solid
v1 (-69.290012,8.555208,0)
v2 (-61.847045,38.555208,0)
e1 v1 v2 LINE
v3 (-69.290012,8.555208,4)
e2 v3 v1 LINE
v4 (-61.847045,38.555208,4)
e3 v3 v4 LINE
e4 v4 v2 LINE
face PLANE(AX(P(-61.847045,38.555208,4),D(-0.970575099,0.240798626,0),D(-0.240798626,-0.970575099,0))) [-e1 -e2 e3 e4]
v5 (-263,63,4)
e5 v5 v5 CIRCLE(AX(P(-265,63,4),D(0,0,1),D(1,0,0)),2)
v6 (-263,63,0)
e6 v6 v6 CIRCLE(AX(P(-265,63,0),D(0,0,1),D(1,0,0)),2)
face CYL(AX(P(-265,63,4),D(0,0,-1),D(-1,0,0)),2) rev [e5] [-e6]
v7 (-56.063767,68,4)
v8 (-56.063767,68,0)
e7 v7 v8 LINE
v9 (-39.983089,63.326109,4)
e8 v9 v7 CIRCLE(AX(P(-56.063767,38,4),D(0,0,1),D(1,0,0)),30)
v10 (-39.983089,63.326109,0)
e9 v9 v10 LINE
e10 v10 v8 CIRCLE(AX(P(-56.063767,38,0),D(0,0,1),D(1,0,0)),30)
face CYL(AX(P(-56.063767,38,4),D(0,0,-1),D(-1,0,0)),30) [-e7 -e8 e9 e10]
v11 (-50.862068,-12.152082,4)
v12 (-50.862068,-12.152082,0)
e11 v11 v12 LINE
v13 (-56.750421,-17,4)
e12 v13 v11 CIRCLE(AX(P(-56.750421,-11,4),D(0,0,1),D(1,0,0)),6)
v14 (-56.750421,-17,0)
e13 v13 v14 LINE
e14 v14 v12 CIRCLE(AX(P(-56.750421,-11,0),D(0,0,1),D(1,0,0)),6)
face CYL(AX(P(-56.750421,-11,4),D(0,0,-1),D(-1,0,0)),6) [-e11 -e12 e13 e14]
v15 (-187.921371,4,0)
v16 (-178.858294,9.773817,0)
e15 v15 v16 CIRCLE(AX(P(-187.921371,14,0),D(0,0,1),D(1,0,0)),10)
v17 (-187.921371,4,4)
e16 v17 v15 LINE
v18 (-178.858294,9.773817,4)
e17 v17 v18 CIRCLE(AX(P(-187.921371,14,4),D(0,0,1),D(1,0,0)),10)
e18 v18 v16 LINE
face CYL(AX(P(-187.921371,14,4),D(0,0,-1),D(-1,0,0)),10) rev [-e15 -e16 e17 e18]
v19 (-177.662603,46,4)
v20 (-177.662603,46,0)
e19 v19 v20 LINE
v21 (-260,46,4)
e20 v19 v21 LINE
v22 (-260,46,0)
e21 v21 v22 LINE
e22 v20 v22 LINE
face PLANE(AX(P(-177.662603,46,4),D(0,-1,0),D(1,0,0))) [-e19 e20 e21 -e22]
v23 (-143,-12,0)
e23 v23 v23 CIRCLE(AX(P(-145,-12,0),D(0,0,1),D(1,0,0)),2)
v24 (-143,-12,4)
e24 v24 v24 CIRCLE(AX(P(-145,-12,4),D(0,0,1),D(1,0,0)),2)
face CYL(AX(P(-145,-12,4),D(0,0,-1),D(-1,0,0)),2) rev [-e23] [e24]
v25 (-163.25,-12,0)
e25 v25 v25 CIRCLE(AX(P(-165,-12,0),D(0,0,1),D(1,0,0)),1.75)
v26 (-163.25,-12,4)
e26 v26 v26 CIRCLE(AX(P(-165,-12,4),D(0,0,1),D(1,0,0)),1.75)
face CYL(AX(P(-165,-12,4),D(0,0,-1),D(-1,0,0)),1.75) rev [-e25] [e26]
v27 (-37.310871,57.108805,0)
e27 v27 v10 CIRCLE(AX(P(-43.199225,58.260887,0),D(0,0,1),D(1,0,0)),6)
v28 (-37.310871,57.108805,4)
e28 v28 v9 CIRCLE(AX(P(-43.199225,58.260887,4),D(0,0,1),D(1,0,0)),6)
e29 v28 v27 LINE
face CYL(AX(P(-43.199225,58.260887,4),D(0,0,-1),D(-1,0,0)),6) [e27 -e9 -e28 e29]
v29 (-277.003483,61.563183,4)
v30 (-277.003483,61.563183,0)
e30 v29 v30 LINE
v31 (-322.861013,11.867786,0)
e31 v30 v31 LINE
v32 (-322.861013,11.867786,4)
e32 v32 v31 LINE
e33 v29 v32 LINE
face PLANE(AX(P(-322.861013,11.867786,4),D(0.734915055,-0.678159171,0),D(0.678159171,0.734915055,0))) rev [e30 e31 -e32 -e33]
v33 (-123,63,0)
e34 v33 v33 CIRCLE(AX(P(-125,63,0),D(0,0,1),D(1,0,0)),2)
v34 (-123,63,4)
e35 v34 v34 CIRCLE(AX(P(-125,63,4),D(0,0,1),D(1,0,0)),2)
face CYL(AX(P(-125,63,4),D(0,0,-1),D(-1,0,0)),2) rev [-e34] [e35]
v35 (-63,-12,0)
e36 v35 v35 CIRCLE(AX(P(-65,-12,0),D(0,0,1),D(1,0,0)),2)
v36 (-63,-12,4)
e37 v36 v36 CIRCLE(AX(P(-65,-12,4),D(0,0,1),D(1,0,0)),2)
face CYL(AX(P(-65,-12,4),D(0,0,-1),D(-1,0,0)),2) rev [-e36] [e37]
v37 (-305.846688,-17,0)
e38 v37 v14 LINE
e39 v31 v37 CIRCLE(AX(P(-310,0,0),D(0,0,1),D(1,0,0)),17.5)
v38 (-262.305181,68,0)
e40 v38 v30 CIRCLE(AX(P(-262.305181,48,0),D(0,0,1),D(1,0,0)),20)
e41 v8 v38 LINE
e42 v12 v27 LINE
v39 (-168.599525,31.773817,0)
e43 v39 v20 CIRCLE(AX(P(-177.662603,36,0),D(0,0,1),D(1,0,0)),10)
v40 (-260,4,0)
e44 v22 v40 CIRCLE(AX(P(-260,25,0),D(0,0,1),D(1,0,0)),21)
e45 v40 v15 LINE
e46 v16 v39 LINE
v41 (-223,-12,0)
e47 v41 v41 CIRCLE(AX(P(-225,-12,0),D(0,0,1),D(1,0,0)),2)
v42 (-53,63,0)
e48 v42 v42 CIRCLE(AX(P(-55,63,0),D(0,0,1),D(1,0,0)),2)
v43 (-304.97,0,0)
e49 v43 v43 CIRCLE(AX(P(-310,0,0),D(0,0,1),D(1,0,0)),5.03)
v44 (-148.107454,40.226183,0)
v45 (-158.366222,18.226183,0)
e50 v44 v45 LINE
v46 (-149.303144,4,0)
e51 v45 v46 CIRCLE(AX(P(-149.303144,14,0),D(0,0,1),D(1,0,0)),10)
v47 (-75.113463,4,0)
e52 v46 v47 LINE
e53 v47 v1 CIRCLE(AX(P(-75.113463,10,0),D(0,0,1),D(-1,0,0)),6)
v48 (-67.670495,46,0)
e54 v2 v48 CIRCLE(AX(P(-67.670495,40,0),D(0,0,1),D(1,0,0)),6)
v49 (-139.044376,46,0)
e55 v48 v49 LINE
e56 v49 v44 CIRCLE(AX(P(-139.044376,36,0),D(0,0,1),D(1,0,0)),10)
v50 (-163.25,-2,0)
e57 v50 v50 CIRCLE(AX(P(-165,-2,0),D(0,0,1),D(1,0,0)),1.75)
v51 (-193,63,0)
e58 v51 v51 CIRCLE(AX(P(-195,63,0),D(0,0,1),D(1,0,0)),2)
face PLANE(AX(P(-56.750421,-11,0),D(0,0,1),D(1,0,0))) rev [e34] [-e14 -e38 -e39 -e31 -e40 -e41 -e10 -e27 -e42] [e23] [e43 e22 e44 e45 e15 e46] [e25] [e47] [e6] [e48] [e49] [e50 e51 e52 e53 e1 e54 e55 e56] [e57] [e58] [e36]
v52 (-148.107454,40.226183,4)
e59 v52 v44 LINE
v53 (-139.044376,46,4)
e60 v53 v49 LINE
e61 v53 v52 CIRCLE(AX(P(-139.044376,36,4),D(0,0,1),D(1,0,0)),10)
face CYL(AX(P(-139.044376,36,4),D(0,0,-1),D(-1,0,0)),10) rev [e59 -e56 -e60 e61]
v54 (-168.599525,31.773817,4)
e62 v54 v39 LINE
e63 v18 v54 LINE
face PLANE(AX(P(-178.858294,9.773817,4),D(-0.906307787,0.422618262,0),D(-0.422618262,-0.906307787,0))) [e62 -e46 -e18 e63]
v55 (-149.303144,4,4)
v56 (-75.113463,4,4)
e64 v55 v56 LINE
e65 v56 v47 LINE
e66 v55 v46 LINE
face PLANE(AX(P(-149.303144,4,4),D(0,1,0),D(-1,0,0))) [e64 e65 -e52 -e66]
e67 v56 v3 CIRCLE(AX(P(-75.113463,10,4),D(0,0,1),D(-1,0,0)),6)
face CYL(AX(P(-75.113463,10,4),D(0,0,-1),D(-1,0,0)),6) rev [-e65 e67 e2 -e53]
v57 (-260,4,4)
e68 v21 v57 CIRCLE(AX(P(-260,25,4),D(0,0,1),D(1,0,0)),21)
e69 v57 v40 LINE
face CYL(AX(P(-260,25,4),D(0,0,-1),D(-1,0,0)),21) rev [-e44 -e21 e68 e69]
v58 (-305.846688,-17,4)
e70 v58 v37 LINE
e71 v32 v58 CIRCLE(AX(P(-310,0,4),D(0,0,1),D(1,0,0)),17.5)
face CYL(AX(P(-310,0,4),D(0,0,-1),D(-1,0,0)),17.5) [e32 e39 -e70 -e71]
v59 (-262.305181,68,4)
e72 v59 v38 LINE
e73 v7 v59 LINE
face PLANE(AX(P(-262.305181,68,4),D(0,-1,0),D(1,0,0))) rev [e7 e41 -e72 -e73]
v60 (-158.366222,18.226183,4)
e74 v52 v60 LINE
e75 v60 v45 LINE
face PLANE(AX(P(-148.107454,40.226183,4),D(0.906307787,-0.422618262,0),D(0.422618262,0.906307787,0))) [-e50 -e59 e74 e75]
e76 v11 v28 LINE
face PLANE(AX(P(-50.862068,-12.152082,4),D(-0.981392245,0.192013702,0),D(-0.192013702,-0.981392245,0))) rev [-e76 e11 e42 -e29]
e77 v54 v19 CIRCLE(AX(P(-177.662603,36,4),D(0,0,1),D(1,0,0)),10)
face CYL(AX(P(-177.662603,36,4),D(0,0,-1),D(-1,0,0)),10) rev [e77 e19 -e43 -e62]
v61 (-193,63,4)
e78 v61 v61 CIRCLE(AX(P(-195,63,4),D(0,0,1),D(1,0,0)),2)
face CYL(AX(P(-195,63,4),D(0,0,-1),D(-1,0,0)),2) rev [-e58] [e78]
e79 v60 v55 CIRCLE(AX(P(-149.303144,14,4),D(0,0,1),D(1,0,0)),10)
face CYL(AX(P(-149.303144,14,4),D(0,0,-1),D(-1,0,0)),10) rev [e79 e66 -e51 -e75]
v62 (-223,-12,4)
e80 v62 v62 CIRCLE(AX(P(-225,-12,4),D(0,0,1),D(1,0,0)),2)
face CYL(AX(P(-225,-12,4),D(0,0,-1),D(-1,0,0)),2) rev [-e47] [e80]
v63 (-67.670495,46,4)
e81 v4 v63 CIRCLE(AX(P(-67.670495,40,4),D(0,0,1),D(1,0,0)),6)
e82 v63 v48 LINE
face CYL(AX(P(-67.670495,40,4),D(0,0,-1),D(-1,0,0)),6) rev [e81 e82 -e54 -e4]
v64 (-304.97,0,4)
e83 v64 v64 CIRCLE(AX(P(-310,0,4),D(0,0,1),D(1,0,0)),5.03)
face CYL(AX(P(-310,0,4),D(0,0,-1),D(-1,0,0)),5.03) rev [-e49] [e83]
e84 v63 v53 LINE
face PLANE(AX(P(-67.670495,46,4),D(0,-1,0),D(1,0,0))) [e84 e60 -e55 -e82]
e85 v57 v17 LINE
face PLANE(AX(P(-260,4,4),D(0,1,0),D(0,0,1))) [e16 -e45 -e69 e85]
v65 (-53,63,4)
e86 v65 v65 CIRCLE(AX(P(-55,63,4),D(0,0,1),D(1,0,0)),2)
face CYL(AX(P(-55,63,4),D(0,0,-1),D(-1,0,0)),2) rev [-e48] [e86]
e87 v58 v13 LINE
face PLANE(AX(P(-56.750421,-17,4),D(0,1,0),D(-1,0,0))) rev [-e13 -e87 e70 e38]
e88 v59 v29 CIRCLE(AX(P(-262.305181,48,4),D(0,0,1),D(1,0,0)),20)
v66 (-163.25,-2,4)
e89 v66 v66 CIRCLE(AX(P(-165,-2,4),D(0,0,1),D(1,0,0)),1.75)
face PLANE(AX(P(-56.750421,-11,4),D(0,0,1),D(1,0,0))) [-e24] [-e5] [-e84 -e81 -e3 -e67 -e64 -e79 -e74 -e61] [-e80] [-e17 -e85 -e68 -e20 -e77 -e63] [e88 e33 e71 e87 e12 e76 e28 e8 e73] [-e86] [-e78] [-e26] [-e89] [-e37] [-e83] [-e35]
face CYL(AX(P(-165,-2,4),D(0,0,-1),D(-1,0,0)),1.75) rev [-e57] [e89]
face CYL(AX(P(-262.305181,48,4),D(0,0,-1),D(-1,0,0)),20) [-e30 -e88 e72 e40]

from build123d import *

# Parameters (mm, degrees)
SKETCH_2_R      = 5.03
SKETCH_2_R_2    = 2
SKETCH_2_R_3    = 1.75
EXTRUDE_1_DEPTH = 4


with BuildPart() as part:
    # 草图2 → 凸台-拉伸1 (new body)
    with BuildSketch(Plane.XY):
        with BuildLine():
            Line((-56.063767215, 68), (-262.305181408, 68))
            ThreePointArc((-262.305181408, 68), (-270.328158767, 66.320257484), (-277.003482509, 61.56318343))
            Line((-277.003482509, 61.56318343), (-322.861013463, 11.867785501))
            ThreePointArc((-322.861013463, 11.867785501), (-325.076248752, -8.885759595), (-305.846688069, -17))
            Line((-305.846688069, -17), (-56.75042146, -17))
            ThreePointArc((-56.75042146, -17), (-52.936794137, -15.632088799), (-50.862067991, -12.152082213))
            Line((-50.862067991, -12.152082213), (-37.310871287, 57.108804918))
            ThreePointArc((-37.310871287, 57.108804918), (-37.686816243, 60.630138571), (-39.983089141, 63.326108914))
            ThreePointArc((-39.983089141, 63.326108914), (-47.690693329, 66.807839796), (-56.063767215, 68))
        make_face()
        with Locations((-310, 0)):
            Circle(SKETCH_2_R, mode=Mode.SUBTRACT)
        with Locations((-225, -12)):
            Circle(SKETCH_2_R_2, mode=Mode.SUBTRACT)
        with BuildLine():
            Line((-168.599525043, 31.773817383), (-178.858293522, 9.773817383))
            ThreePointArc((-178.858293522, 9.773817383), (-182.548375309, 5.566085542), (-187.921371393, 4))
            Line((-187.921371393, 4), (-260, 4))
            ThreePointArc((-260, 4), (-281, 25), (-260, 46))
            Line((-260, 46), (-177.662602913, 46))
            ThreePointArc((-177.662602913, 46), (-169.228688455, 41.372996083), (-168.599525043, 31.773817383))
        make_face(mode=Mode.SUBTRACT)
        with Locations((-165, -12)):
            Circle(SKETCH_2_R_3, mode=Mode.SUBTRACT)
        with Locations((-145, -12)):
            Circle(SKETCH_2_R_2, mode=Mode.SUBTRACT)
        with Locations((-165, -2)):
            Circle(SKETCH_2_R_3, mode=Mode.SUBTRACT)
        with Locations((-65, -12)):
            Circle(SKETCH_2_R_2, mode=Mode.SUBTRACT)
        with BuildLine():
            Line((-139.044375749, 46), (-67.670495323, 46))
            ThreePointArc((-67.670495323, 46), (-62.94456946, 43.696704578), (-61.847044732, 38.555208246))
            Line((-61.847044732, 38.555208246), (-69.290012085, 8.555208246))
            ThreePointArc((-69.290012085, 8.555208246), (-71.416758098, 5.274074137), (-75.113462676, 4))
            Line((-75.113462676, 4), (-149.303144229, 4))
            ThreePointArc((-149.303144229, 4), (-157.737058687, 8.627003917), (-158.366222099, 18.226182617))
            Line((-158.366222099, 18.226182617), (-148.10745362, 40.226182617))
            ThreePointArc((-148.10745362, 40.226182617), (-144.417371833, 44.433914458), (-139.044375749, 46))
        make_face(mode=Mode.SUBTRACT)
        with Locations((-265, 63)):
            Circle(SKETCH_2_R_2, mode=Mode.SUBTRACT)
        with Locations((-195, 63)):
            Circle(SKETCH_2_R_2, mode=Mode.SUBTRACT)
        with Locations((-125, 63)):
            Circle(SKETCH_2_R_2, mode=Mode.SUBTRACT)
        with Locations((-55, 63)):
            Circle(SKETCH_2_R_2, mode=Mode.SUBTRACT)
    extrude(amount=EXTRUDE_1_DEPTH)


solid = part.part
